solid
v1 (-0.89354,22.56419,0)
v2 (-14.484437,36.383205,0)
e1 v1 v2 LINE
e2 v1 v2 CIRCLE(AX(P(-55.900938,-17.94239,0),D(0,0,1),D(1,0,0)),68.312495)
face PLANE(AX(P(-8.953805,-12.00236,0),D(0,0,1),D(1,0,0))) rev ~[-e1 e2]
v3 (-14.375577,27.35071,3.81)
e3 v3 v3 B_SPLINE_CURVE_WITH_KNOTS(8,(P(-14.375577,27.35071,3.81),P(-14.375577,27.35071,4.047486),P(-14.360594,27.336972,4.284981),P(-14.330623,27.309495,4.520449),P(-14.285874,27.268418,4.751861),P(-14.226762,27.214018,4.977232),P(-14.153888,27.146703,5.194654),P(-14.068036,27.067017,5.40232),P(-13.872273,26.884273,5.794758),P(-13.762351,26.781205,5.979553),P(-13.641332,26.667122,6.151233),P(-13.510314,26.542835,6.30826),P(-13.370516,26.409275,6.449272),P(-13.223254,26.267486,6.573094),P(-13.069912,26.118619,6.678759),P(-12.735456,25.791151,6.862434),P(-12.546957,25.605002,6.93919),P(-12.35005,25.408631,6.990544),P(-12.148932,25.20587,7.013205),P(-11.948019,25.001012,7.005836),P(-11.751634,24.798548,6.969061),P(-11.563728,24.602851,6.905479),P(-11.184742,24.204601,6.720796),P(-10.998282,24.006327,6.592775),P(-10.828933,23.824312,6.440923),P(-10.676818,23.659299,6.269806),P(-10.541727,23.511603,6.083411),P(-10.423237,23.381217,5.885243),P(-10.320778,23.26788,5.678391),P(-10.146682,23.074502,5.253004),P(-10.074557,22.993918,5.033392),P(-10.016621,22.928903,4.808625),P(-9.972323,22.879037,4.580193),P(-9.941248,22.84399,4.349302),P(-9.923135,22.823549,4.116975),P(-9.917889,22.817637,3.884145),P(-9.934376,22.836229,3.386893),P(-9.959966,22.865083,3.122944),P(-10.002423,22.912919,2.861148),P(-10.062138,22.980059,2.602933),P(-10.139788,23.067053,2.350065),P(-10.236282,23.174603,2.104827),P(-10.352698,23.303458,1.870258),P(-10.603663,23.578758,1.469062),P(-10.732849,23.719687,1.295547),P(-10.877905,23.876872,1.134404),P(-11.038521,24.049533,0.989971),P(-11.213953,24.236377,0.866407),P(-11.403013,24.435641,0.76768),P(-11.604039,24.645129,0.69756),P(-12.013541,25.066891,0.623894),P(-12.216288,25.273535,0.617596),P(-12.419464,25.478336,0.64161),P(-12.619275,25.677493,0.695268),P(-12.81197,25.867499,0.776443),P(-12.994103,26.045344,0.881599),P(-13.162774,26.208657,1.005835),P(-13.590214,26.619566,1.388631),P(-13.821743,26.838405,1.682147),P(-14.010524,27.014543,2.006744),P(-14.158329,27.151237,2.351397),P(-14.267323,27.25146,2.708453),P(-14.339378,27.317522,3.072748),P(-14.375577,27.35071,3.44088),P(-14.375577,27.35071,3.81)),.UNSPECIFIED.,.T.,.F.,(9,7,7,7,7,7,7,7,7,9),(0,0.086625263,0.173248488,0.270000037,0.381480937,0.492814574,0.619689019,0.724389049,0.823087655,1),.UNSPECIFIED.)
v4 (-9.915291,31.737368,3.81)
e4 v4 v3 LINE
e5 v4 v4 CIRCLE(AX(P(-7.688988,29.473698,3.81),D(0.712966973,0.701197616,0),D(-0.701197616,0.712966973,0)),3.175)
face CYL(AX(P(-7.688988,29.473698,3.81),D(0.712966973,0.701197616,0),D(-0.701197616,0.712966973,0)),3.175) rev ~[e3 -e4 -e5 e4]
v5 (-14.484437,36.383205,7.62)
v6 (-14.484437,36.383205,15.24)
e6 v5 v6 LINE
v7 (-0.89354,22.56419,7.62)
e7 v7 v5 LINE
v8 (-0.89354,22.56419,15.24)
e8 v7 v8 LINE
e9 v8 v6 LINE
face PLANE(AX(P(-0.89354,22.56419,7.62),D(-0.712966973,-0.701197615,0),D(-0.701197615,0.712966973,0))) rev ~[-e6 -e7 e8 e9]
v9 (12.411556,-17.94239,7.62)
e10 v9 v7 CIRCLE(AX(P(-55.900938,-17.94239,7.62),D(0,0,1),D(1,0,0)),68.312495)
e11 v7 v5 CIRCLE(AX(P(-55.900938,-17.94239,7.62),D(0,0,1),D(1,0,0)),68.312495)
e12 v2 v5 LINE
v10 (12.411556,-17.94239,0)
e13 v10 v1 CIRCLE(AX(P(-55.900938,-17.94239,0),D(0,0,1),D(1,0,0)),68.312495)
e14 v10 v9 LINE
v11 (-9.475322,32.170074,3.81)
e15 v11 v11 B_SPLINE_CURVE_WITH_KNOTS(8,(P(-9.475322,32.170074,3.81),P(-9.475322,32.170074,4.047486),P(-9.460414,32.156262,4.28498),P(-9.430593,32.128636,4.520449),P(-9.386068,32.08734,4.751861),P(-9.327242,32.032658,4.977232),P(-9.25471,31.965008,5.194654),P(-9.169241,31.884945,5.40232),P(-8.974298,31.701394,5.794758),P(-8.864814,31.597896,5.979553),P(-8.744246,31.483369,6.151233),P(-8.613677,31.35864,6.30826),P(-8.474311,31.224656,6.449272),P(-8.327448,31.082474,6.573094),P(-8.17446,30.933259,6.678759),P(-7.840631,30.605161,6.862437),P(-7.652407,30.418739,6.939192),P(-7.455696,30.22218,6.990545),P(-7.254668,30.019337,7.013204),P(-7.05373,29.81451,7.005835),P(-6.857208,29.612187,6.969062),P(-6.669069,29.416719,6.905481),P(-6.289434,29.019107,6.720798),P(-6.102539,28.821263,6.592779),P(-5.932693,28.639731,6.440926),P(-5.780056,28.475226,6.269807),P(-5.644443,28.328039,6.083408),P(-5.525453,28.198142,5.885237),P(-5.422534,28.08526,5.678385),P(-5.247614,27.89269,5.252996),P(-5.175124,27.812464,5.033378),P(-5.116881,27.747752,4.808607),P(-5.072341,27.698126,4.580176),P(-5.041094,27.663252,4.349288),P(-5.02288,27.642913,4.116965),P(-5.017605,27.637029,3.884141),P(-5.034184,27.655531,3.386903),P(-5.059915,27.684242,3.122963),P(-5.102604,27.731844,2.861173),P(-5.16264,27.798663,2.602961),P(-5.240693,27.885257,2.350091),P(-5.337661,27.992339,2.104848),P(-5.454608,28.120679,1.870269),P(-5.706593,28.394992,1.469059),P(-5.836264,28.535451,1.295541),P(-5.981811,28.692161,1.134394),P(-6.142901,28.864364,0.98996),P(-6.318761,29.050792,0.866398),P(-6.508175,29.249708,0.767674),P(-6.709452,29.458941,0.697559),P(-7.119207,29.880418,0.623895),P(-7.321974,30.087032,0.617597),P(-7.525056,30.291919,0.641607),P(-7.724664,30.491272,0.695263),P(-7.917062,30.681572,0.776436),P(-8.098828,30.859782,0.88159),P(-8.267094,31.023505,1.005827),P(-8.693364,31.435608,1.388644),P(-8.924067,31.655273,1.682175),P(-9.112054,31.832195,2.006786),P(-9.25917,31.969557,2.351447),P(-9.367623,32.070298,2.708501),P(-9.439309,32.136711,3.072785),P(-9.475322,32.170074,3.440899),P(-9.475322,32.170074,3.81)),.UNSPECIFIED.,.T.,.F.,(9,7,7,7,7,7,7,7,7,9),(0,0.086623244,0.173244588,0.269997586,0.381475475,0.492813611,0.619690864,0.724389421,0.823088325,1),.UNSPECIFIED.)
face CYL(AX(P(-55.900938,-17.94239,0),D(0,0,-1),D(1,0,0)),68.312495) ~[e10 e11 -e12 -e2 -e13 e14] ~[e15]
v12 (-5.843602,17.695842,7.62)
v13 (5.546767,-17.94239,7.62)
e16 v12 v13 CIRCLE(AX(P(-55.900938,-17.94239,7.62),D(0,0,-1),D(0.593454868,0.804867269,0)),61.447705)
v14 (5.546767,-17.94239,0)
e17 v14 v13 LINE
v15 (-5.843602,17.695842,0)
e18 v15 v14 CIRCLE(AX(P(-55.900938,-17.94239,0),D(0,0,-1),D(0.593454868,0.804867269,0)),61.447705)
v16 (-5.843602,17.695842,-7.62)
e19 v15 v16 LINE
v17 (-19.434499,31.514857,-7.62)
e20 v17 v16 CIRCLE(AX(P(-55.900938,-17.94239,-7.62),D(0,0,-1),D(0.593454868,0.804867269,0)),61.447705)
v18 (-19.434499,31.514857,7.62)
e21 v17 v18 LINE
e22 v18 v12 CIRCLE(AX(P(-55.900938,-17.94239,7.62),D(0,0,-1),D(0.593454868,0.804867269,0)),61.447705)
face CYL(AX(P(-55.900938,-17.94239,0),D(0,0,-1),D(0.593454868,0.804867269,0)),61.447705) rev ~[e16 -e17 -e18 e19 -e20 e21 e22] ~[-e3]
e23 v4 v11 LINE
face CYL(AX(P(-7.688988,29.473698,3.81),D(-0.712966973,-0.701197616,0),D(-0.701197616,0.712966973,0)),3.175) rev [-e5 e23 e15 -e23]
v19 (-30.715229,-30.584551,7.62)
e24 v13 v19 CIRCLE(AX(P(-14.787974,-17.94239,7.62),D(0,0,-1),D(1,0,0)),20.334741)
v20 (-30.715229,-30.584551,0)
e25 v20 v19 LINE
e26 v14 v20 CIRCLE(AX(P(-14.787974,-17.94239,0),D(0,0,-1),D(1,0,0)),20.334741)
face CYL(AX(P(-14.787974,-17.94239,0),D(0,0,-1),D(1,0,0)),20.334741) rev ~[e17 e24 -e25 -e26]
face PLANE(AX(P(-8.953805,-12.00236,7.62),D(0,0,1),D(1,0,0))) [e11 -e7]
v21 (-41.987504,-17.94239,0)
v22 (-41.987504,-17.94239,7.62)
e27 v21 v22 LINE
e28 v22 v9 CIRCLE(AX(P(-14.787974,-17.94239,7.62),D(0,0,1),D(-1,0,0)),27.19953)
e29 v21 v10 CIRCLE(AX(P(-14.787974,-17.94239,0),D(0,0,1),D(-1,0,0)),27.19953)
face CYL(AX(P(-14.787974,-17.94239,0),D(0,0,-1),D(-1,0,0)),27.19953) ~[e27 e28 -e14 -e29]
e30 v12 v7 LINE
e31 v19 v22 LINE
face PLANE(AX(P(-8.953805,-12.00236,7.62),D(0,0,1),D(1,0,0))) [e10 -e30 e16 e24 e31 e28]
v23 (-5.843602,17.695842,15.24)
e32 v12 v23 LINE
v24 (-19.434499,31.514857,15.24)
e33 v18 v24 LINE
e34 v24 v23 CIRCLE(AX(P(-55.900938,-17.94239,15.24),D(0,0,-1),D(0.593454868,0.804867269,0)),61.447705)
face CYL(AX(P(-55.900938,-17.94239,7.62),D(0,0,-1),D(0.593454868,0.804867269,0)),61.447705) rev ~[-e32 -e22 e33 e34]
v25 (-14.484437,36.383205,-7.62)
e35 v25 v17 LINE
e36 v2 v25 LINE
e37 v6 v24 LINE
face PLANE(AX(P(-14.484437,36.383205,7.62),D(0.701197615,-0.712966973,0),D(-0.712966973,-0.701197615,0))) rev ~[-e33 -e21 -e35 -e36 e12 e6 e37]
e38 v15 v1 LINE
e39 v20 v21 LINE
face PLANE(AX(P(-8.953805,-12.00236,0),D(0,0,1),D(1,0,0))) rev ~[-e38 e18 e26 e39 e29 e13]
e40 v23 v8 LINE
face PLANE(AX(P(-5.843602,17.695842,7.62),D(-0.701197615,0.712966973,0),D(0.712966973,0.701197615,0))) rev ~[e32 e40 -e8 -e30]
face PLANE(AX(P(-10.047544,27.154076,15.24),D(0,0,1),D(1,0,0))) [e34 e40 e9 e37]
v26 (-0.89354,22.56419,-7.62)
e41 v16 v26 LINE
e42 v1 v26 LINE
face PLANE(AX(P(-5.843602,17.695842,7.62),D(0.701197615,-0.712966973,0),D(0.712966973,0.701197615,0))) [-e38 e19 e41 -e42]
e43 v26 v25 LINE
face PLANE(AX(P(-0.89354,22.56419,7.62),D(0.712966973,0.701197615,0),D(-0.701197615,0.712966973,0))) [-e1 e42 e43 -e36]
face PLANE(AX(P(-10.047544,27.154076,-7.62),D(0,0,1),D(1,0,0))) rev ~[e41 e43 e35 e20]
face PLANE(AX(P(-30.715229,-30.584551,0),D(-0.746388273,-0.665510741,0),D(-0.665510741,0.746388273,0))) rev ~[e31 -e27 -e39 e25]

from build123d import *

# Parameters (mm, degrees)
F1_DEPTH      = 7.62
F3_DEPTH      = 7.62
F3_DEPTH_BACK = 15.24
F4_R          = 3.175
F5_DEPTH      = 79.502
F5_DEPTH_BACK = 34.798


with BuildPart() as f1:
    # F0 (on Top) → F1 (new body)
    with BuildSketch(Plane.XY):
        with BuildLine():
            ThreePointArc((-19.4344986555, 31.5148568491), (-1.0529688957, 9.7617744234), (5.5467668246, -17.9423898801))
            ThreePointArc((5.5467668246, -17.9423898801), (-8.0937566855, -37.1436695543), (-30.7152286304, -30.5845514882))
            Line((-30.7152286304, -30.5845514882), (-41.9875042541, -17.9423898801))
            ThreePointArc((-41.9875042541, -17.9423898801), (-14.7879740797, -45.1419200544), (12.4115560946, -17.9423898801))
            ThreePointArc((12.4115560946, -17.9423898801), (5.3194072823, 12.3671165466), (-14.4844366655, 36.3832053102))
            Line((-14.4844366655, 36.3832053102), (-19.4344986555, 31.5148568491))
        make_face()
    extrude(amount=F1_DEPTH)

    # F2 (on face) → F3 (join, two sides)
    with BuildSketch(Plane.XY.offset(7.62)) as f3_sk:
        with BuildLine():
            Line((-0.8935400487, 22.5641902395), (-14.4844366655, 36.3832053102))
            Line((-14.4844366655, 36.3832053102), (-19.4344986555, 31.5148568491))
            ThreePointArc((-19.4344986555, 31.5148568491), (-12.0907540568, 25.1445945609), (-5.8436020388, 17.6958417784))
            Line((-5.8436020388, 17.6958417784), (-0.8935400487, 22.5641902395))
        make_face()
    extrude(amount=F3_DEPTH)
    extrude(f3_sk.sketch, amount=-F3_DEPTH_BACK)

    # F4 (on face) → F5 (cut, two sides)
    with BuildSketch(Plane(origin=(10.8263263702, 10.6476099552, 0), x_dir=(-0.7011976155, 0.7129669726, 0), z_dir=(0.7129669726, 0.7011976155, 0))) as f5_sk:
        with Locations((26.4052733757, 3.81)):
            Circle(F4_R)
    extrude(amount=-F5_DEPTH, mode=Mode.SUBTRACT)
    extrude(f5_sk.sketch, amount=F5_DEPTH_BACK, mode=Mode.SUBTRACT)


solid = f1.part
